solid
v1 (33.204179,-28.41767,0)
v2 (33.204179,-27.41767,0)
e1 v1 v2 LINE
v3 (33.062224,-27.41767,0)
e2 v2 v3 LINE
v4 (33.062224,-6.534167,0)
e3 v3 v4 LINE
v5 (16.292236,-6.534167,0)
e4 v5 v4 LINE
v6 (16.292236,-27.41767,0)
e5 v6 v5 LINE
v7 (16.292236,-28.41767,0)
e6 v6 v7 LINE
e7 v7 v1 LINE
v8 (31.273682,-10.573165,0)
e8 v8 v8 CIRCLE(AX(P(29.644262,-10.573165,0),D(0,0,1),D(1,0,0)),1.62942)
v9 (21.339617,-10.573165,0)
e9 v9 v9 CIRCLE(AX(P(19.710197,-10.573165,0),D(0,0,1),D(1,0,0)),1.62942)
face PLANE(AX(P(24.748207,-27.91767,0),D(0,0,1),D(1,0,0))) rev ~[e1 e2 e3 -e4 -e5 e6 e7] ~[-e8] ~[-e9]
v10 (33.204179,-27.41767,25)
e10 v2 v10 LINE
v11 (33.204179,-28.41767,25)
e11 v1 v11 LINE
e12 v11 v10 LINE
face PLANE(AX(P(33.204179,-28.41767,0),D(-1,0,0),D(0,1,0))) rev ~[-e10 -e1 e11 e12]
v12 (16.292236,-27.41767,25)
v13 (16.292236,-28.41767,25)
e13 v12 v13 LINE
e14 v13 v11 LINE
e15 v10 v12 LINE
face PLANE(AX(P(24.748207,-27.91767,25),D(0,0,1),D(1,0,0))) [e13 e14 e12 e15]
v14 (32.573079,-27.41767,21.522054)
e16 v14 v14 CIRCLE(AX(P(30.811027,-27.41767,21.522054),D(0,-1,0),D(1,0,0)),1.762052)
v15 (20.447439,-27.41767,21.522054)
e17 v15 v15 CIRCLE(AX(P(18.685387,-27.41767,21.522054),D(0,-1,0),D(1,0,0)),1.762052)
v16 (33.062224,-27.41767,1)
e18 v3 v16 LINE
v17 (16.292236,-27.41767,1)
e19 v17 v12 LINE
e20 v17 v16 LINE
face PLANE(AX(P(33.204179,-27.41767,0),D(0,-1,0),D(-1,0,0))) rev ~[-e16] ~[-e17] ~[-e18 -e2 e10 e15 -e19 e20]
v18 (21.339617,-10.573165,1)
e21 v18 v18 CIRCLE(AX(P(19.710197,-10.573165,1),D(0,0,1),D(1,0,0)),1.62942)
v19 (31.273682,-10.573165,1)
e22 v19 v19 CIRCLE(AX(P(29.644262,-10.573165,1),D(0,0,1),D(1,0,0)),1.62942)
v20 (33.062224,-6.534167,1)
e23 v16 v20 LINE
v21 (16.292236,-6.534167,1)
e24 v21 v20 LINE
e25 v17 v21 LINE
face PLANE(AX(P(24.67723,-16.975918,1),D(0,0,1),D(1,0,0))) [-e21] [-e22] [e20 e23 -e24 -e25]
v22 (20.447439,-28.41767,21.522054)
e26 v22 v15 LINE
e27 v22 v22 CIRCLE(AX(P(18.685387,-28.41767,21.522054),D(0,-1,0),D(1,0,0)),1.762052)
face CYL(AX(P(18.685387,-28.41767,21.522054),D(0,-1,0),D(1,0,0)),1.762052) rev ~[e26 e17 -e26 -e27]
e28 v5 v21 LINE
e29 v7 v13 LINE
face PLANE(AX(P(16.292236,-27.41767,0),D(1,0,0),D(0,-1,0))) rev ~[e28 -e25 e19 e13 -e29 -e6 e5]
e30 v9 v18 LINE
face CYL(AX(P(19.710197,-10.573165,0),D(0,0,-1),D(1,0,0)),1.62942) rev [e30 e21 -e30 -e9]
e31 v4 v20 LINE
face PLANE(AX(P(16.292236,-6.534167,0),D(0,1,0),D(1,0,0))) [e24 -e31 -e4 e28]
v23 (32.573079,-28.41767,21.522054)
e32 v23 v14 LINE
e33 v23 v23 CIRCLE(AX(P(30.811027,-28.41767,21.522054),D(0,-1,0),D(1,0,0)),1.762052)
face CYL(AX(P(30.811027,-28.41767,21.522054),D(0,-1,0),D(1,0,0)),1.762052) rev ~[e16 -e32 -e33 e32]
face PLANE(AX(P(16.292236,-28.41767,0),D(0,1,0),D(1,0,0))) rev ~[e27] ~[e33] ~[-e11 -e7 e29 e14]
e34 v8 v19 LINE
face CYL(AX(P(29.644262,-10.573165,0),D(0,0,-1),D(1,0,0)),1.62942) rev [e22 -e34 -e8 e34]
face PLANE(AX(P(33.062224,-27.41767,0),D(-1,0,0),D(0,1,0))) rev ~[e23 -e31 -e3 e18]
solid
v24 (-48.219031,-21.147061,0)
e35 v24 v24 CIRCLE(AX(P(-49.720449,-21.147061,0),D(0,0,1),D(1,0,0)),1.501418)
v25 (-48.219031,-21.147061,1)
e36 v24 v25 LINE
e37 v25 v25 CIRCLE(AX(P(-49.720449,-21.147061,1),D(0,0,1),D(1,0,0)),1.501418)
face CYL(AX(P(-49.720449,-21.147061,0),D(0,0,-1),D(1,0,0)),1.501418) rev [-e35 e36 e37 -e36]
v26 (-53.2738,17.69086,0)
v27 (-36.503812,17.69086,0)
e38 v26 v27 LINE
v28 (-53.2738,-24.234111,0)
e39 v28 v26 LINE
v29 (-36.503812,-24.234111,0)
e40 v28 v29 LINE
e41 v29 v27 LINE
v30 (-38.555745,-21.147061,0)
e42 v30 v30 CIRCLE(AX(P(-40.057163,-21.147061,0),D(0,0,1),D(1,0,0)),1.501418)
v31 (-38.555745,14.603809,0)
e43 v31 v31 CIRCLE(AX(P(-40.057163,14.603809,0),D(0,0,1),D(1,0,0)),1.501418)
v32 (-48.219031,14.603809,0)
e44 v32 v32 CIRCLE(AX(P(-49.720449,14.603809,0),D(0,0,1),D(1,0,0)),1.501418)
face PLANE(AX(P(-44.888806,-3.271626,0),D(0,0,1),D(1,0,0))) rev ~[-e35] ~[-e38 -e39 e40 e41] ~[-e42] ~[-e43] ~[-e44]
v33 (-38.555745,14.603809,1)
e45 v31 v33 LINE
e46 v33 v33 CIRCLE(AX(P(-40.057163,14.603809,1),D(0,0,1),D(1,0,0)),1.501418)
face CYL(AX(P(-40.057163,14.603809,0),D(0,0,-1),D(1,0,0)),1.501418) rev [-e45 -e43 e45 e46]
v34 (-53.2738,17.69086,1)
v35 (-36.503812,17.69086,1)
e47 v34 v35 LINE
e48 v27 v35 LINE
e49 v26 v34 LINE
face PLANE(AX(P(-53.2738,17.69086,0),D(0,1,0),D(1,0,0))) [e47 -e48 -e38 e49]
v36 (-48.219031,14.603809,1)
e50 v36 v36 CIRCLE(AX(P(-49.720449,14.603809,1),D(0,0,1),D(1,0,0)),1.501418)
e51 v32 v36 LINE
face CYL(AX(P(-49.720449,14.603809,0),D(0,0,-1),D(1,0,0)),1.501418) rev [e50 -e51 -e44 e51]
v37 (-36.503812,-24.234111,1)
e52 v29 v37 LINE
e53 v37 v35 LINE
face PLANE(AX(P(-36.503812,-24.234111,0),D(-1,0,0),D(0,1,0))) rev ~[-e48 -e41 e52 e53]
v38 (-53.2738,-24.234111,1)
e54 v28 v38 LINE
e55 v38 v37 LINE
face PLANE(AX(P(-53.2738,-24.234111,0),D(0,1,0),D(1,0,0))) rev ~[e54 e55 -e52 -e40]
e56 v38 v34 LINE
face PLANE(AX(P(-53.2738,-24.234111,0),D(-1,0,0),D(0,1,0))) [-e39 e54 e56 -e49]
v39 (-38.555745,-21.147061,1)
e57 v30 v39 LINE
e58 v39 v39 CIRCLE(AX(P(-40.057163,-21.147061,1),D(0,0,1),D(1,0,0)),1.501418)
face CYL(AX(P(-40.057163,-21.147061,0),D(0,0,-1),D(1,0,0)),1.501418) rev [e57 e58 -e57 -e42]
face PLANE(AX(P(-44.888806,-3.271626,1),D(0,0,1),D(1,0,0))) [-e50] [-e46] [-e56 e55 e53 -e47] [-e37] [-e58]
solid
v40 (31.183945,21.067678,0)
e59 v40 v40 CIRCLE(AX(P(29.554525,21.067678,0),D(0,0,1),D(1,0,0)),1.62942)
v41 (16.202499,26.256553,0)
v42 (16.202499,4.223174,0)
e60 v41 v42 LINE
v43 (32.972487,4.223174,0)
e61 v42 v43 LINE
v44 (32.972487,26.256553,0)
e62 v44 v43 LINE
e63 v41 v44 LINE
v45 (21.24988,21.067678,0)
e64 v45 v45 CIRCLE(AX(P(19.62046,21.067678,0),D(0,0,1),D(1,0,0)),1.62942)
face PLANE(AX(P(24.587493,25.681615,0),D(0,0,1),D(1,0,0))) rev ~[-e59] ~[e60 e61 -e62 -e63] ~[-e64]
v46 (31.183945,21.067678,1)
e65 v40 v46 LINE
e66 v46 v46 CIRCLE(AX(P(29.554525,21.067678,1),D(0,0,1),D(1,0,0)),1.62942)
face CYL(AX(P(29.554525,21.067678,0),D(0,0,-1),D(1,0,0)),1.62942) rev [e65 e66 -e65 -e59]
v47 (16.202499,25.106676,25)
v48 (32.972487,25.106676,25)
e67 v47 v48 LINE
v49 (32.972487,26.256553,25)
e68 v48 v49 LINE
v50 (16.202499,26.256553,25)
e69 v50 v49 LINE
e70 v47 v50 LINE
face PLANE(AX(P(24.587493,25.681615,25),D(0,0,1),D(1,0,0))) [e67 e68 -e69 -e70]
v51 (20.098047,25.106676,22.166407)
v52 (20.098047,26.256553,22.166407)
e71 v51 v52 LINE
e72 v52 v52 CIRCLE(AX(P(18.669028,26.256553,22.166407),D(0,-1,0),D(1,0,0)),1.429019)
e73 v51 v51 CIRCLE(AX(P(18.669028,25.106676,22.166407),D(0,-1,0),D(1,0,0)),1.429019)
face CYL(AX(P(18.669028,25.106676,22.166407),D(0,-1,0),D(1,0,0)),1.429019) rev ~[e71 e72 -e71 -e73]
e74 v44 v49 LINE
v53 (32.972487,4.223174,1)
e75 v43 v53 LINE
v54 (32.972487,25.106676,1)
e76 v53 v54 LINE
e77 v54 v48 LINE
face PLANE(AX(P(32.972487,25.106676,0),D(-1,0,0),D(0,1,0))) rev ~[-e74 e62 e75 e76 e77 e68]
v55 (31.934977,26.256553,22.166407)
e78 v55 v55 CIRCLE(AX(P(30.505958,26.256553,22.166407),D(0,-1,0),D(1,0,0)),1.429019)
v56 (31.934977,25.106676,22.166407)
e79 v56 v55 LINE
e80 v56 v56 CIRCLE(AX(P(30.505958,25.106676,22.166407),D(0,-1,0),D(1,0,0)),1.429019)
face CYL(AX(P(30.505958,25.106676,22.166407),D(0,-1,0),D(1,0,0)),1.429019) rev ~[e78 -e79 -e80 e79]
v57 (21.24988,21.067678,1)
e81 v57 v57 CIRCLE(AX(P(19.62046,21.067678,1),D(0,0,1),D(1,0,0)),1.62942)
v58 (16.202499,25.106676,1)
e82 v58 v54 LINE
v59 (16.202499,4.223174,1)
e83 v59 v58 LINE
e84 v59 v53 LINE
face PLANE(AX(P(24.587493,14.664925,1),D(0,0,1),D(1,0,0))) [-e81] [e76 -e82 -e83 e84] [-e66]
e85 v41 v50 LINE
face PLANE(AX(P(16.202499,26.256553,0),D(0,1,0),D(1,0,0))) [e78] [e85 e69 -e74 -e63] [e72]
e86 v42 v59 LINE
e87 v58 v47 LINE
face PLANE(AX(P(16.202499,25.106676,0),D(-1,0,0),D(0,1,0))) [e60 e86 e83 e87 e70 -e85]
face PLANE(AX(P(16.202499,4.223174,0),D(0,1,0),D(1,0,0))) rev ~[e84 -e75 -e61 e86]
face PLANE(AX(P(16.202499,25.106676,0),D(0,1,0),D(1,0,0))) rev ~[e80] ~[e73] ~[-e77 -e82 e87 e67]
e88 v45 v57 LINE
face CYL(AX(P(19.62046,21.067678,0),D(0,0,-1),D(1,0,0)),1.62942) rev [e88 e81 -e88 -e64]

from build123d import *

# Parameters (mm, degrees)
F0_W      = 16.7699885189
F0_H      = 20.8835028134
F0_R      = 1.6294197229
F1_DEPTH  = 1
F0_H_2    = 1.1498763046
F2_DEPTH  = 25
F0_H_3    = 41.9249712973
F0_R_2    = 1.5014178721
F3_DEPTH  = 1
F4_R      = 1.3832178235
F5_DEPTH  = 25
F6_DEPTH  = 1
F7_DEPTH  = 25
F8_R      = 1.7620519939
F9_DEPTH  = 25
F10_R     = 1.4290191918
F11_DEPTH = 25


with BuildPart() as f1:
    # F0 (on Top) → F1 (new body)
    with BuildSketch(Plane.XY):
        with Locations((24.5874928228, 14.6649249665)):
            Rectangle(F0_W, F0_H)
        with Locations((19.6204601819, 21.0676781434)):
            Circle(F0_R, mode=Mode.SUBTRACT)
        with Locations((29.5545254636, 21.0676781434)):
            Circle(F0_R, mode=Mode.SUBTRACT)
    extrude(amount=F1_DEPTH)

    # F0 (on Top) → F2 (join)
    with BuildSketch(Plane.XY):
        with Locations((24.5874928228, 25.6816145255)):
            Rectangle(F0_W, F0_H_2)
    extrude(amount=F2_DEPTH)

    # F4 (on face) → F5 (cut)
    with BuildSketch(Plane(origin=(0, 26.2565526778, 0), x_dir=(-1, 0, 0), z_dir=(0, 1, 0))):
        with Locations((-38.5302771582, 21.377472207)):
            Circle(F4_R)
        with Locations((-10.6447084873, 21.377472207)):
            Circle(F4_R)
    extrude(amount=-F5_DEPTH, mode=Mode.SUBTRACT)

    # F10 (on face) → F11 (cut)
    with BuildSketch(Plane.XZ.offset(-25.1066763732)):
        with Locations((18.6690278351, 22.1664067358)):
            Circle(F10_R)
        with Locations((30.5059578104, 22.1664067358)):
            Circle(F10_R)
    extrude(amount=-F11_DEPTH, mode=Mode.SUBTRACT)


with BuildPart() as f3:
    # F0 (on Top) → F3 (new body)
    with BuildSketch(Plane.XY):
        with Locations((-44.8888061203, -3.2716257687)):
            Rectangle(F0_W, F0_H_3)
        with Locations((-49.7204492679, -21.1470608453)):
            Circle(F0_R_2, mode=Mode.SUBTRACT)
        with Locations((-40.0571629727, -21.1470608453)):
            Circle(F0_R_2, mode=Mode.SUBTRACT)
        with Locations((-49.7204492679, 14.603809308)):
            Circle(F0_R_2, mode=Mode.SUBTRACT)
        with Locations((-40.0571629727, 14.603809308)):
            Circle(F0_R_2, mode=Mode.SUBTRACT)
    extrude(amount=F3_DEPTH)


with BuildPart() as f6:
    # F0 (on Top) → F6 (new body)
    with BuildSketch(Plane.XY):
        with Locations((24.6772297955, -16.9759181976)):
            Rectangle(F0_W, F0_H)
        with Locations((19.7101971547, -10.5731650206)):
            Circle(F0_R, mode=Mode.SUBTRACT)
        with Locations((29.6442624364, -10.5731650206)):
            Circle(F0_R, mode=Mode.SUBTRACT)
    extrude(amount=F6_DEPTH)

    # F0 (on Top) → F7 (join)
    with BuildSketch(Plane.XY):
        Polygon((33.062224055, -27.4176696043), (16.2922355361, -27.4176696043), (16.2922355361, -28.4176696043), (33.2041787669, -28.4176696043), (33.2041787669, -27.4176696043), align=None)
    extrude(amount=F7_DEPTH)

    # F8 (on face) → F9 (cut)
    with BuildSketch(Plane.XZ.offset(28.4176696043)):
        with Locations((18.6853874475, 21.5220544487)):
            Circle(F8_R)
        with Locations((30.8110268555, 21.5220544487)):
            Circle(F8_R)
    extrude(amount=-F9_DEPTH, mode=Mode.SUBTRACT)


solid = Compound([f1.part, f3.part, f6.part])
